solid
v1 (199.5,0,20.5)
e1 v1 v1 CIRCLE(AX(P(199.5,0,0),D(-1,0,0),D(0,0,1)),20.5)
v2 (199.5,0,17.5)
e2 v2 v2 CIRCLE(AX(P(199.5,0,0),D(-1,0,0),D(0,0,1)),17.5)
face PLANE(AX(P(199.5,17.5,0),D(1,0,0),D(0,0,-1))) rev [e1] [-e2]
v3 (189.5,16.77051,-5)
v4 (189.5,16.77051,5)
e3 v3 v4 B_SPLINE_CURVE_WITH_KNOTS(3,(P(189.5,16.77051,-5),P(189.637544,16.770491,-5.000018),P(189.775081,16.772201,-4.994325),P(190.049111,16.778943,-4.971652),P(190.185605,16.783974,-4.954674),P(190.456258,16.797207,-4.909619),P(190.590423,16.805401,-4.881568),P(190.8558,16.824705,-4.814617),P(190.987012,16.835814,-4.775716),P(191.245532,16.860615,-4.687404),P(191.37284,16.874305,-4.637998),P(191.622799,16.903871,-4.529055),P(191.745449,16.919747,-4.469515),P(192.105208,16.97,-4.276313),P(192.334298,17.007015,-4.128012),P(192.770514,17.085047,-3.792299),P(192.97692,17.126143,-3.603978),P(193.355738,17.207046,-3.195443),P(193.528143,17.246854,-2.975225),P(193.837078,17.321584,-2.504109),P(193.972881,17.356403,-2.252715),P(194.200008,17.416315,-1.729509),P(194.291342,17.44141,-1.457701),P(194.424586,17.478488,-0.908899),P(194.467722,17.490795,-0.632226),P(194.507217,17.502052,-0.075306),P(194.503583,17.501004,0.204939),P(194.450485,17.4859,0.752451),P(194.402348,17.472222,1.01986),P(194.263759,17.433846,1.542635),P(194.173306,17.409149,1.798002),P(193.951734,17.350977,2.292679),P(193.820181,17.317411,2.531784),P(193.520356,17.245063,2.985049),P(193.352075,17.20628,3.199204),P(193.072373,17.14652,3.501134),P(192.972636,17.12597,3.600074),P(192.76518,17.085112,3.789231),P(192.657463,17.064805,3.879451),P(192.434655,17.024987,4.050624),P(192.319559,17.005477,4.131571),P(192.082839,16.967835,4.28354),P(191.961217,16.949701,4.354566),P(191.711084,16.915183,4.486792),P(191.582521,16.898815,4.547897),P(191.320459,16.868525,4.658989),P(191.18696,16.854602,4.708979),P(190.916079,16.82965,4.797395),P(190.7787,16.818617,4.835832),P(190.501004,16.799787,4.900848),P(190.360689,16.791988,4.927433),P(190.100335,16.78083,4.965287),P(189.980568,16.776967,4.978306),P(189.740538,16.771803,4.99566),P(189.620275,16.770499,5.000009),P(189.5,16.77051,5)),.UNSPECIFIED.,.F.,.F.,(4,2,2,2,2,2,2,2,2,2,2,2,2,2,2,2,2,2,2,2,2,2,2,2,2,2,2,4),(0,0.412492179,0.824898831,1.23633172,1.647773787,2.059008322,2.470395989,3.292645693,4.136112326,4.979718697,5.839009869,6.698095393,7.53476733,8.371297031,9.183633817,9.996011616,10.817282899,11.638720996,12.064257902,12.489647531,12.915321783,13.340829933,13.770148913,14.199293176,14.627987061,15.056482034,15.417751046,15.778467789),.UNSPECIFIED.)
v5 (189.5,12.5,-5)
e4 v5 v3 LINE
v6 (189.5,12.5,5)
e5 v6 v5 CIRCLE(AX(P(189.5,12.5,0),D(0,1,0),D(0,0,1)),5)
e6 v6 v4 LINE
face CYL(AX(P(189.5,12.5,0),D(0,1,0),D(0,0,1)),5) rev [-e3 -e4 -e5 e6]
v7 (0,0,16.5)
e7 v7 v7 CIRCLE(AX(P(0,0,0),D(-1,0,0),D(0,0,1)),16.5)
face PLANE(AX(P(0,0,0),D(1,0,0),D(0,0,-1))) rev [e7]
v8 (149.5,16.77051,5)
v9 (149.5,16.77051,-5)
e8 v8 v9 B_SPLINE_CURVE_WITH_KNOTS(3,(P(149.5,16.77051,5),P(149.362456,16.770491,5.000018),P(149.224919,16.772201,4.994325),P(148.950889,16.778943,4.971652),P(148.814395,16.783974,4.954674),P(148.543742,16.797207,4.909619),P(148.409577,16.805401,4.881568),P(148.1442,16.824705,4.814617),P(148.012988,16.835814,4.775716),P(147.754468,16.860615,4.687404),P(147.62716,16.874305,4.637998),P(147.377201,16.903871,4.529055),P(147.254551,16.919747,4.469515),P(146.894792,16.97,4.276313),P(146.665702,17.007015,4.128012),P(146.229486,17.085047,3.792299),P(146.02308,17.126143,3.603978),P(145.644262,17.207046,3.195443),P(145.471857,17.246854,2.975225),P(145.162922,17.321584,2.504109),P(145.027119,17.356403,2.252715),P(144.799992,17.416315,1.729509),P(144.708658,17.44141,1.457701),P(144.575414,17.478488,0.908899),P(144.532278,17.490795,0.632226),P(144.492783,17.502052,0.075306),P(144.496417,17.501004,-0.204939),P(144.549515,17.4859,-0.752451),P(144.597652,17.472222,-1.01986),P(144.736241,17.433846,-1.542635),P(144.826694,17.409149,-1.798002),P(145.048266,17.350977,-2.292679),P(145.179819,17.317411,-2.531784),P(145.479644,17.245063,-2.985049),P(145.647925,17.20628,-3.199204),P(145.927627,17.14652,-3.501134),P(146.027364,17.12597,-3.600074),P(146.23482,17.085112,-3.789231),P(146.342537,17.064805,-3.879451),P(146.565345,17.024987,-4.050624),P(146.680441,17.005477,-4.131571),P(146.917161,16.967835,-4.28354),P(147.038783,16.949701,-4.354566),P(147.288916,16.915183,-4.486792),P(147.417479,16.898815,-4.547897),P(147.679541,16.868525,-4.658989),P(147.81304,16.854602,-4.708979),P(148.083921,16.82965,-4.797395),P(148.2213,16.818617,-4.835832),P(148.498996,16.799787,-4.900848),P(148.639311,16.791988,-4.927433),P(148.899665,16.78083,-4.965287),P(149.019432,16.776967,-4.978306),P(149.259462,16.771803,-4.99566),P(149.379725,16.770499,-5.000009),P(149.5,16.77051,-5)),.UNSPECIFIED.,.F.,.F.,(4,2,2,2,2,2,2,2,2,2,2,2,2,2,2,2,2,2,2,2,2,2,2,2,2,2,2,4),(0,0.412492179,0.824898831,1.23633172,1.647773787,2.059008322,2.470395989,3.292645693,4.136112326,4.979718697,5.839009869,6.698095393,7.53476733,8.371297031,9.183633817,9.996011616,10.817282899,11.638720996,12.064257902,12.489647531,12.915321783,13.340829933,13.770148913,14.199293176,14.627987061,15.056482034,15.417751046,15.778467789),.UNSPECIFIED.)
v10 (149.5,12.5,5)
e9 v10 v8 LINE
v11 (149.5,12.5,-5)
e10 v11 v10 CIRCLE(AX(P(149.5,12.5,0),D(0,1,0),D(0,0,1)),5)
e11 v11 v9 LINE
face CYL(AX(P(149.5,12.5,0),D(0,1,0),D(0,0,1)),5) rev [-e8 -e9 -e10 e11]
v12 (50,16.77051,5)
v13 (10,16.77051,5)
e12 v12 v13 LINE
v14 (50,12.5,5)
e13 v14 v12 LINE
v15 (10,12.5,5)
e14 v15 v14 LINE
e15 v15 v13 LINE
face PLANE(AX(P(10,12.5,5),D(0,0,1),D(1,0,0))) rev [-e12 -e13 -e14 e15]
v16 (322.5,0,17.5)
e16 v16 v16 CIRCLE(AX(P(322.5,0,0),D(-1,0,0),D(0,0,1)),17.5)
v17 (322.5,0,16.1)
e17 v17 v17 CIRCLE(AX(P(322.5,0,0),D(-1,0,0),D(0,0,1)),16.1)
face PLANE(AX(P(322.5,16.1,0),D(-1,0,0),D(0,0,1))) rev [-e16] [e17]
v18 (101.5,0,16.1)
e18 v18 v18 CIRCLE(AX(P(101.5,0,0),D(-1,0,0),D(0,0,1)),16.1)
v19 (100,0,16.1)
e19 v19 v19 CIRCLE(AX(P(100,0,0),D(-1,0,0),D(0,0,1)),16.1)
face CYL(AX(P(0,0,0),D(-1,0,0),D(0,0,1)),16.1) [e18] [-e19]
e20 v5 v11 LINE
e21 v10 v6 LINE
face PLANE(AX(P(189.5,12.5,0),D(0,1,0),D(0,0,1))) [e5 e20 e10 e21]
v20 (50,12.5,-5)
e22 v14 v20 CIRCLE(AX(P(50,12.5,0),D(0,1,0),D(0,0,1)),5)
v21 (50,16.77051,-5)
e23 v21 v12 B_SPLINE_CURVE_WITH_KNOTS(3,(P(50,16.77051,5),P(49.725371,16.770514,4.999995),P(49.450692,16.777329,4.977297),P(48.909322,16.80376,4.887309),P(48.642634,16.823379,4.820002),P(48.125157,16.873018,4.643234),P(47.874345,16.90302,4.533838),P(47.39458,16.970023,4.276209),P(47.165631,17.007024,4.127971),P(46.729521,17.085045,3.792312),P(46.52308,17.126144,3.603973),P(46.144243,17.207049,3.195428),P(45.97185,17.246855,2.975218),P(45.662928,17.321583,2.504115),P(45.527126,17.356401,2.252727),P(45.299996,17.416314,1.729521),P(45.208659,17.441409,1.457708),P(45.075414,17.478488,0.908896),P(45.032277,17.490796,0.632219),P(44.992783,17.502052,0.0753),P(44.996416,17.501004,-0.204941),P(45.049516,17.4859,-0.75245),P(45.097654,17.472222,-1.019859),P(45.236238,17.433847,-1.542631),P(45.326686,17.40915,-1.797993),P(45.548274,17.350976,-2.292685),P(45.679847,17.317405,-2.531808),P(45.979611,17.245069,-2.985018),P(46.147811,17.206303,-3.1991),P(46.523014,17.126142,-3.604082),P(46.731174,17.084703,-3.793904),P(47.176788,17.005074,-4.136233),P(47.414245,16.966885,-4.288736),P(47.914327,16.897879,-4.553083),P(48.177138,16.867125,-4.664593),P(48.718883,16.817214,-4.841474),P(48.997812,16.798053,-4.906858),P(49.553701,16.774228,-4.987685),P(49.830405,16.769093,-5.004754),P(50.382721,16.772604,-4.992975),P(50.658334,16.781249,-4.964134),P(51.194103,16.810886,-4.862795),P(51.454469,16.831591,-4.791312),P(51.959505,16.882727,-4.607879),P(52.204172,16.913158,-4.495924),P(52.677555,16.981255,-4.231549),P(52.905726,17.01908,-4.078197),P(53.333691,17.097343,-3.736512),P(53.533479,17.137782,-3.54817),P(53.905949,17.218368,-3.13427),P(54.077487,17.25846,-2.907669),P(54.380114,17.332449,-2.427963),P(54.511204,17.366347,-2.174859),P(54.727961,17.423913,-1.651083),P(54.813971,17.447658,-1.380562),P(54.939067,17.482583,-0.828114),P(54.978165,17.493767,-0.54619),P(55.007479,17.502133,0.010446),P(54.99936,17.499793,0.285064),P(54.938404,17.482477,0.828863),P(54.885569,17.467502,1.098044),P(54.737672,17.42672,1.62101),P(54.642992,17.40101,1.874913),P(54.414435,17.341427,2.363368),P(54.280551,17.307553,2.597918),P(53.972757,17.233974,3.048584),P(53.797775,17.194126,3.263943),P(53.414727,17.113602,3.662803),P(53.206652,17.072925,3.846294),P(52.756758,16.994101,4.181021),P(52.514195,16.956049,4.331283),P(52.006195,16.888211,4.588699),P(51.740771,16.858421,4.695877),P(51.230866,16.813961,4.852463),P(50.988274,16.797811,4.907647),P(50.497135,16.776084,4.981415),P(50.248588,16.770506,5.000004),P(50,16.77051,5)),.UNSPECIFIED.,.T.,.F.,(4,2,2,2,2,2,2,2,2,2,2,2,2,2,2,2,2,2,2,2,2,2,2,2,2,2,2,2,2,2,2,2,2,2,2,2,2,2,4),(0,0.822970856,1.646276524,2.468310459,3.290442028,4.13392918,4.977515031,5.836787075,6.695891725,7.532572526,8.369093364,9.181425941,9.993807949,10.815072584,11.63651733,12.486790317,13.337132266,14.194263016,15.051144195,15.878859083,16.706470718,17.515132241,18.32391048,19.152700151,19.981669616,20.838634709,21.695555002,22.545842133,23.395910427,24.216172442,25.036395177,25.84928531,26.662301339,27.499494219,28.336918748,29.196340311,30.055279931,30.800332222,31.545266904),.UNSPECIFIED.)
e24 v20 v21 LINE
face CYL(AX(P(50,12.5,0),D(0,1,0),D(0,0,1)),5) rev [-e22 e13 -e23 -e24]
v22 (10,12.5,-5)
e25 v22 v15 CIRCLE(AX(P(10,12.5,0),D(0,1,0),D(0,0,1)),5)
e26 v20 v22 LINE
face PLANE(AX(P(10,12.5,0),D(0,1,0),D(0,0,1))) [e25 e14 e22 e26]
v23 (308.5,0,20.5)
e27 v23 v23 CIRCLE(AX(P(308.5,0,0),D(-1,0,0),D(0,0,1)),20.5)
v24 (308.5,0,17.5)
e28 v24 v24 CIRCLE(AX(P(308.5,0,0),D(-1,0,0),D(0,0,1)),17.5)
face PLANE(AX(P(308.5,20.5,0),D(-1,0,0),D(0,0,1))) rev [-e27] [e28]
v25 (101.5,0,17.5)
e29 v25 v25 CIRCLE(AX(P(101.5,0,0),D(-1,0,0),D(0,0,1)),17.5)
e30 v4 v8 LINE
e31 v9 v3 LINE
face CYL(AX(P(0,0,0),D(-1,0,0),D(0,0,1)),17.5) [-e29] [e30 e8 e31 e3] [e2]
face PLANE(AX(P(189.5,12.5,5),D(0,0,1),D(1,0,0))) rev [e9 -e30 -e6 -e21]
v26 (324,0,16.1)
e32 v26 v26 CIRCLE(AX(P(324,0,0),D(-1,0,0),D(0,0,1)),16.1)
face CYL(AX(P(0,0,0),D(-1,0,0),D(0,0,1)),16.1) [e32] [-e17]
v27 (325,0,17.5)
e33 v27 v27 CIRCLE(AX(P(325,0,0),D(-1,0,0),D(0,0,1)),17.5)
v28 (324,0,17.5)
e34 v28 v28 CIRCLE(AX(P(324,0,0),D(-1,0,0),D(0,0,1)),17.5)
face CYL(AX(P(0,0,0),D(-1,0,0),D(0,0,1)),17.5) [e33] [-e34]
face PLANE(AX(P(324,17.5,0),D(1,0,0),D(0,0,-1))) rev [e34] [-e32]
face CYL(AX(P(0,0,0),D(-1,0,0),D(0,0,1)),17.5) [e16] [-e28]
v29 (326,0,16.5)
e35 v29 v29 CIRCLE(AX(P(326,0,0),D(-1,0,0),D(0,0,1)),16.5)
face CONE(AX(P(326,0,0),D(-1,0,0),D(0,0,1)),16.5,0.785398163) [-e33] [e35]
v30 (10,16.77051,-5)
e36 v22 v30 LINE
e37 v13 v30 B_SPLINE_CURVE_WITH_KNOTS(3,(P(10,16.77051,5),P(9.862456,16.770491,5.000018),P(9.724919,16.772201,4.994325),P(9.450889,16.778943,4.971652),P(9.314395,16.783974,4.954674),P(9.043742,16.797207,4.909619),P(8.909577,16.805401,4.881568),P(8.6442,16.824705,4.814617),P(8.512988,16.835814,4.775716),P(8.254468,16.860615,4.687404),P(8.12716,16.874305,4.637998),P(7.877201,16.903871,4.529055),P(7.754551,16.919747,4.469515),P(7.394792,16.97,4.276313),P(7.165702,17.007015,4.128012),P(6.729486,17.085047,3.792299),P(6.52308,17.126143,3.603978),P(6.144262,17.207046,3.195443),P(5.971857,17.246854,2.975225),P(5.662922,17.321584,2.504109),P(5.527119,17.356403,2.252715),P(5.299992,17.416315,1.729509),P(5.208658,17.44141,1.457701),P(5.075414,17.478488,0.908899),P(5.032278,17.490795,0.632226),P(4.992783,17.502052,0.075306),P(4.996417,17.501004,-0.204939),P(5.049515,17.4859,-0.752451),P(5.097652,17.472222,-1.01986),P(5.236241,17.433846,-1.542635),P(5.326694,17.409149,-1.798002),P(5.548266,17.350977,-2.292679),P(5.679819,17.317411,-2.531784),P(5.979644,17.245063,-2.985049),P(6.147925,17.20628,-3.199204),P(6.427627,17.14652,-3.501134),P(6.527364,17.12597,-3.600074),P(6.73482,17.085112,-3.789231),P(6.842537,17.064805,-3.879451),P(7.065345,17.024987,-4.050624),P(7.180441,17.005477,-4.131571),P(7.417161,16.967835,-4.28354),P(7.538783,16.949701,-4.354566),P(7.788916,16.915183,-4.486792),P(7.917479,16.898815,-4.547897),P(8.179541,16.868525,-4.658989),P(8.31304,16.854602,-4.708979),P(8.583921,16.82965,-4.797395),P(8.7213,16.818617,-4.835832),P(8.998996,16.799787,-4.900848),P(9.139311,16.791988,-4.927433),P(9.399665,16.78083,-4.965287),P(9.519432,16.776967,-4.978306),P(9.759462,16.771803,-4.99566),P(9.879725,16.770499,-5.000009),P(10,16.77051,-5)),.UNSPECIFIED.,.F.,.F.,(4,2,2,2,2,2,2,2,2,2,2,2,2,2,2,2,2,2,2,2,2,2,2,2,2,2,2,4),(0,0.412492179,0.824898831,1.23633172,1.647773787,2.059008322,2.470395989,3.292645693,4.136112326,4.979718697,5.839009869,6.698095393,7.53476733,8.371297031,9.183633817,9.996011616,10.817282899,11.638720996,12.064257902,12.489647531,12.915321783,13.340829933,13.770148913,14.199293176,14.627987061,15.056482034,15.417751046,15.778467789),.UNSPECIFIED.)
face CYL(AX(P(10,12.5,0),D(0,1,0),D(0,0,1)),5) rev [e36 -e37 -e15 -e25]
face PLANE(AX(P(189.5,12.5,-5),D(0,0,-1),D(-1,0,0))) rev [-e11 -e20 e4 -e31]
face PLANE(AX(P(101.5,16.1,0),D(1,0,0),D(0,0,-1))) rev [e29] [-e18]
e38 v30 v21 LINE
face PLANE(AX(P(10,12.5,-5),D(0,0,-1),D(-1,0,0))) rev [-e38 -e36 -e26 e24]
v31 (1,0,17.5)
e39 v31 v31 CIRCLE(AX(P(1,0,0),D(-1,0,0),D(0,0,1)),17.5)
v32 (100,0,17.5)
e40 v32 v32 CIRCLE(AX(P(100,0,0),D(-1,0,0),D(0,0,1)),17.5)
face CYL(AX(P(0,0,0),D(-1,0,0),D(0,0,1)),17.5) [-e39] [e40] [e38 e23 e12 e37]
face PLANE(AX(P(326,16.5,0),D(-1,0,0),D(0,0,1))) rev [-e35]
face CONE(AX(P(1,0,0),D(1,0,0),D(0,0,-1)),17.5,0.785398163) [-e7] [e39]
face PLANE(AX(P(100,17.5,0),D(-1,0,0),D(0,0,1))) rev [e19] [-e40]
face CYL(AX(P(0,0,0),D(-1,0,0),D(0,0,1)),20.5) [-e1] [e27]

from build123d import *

# Parameters (mm, degrees)
CUT_EXTRUDE1_DEPTH = 5
CUT_EXTRUDE2_DEPTH = 5


with BuildPart() as part:
    # Sketch1 → Revolve1 (revolve)
    with BuildSketch(Plane.XY, mode=Mode.PRIVATE) as revolve1_sk:
        Polygon((0, 0), (326, 0), (326, 16.5), (325, 17.5), (324, 17.5), (324, 16.1), (322.5, 16.1), (322.5, 17.5), (308.5, 17.5), (308.5, 20.5), (199.5, 20.5), (199.5, 17.5), (101.5, 17.5), (101.5, 16.1), (100, 16.1), (100, 17.5), (1, 17.5), (0, 16.5), align=None)
    revolve(revolve1_sk.sketch.rotate(Axis((0, 0, 0), (1, 0, 0)), 90), axis=Axis((0, 0, 0), (1, 0, 0)))

    # Sketch2 → Cut-Extrude1 (cut)
    with BuildSketch(Plane(origin=(0, 17.5, 0), x_dir=(1, 0, 0), z_dir=(0, 1, 0))):
        with BuildLine():
            Line((189.5, -5), (149.5, -5))
            ThreePointArc((149.5, -5), (144.5, 0), (149.5, 5))
            Line((149.5, 5), (189.5, 5))
            ThreePointArc((189.5, 5), (194.5, 0), (189.5, -5))
        make_face()
    extrude(amount=-CUT_EXTRUDE1_DEPTH, mode=Mode.SUBTRACT)

    # Sketch3 → Cut-Extrude2 (cut)
    with BuildSketch(Plane(origin=(0, 17.5, 0), x_dir=(1, 0, 0), z_dir=(0, 1, 0))):
        with BuildLine():
            Line((189.5, 5), (149.5, 5))
            ThreePointArc((149.5, 5), (144.5, 0), (149.5, -5))
            Line((149.5, -5), (189.5, -5))
            ThreePointArc((189.5, -5), (194.5, 0), (189.5, 5))
        make_face()
        with BuildLine():
            Line((10, 5), (50, 5))
            ThreePointArc((50, 5), (55, 0), (50, -5))
            Line((50, -5), (10, -5))
            ThreePointArc((10, -5), (5, 0), (10, 5))
        make_face()
    extrude(amount=-CUT_EXTRUDE2_DEPTH, mode=Mode.SUBTRACT)


solid = part.part
